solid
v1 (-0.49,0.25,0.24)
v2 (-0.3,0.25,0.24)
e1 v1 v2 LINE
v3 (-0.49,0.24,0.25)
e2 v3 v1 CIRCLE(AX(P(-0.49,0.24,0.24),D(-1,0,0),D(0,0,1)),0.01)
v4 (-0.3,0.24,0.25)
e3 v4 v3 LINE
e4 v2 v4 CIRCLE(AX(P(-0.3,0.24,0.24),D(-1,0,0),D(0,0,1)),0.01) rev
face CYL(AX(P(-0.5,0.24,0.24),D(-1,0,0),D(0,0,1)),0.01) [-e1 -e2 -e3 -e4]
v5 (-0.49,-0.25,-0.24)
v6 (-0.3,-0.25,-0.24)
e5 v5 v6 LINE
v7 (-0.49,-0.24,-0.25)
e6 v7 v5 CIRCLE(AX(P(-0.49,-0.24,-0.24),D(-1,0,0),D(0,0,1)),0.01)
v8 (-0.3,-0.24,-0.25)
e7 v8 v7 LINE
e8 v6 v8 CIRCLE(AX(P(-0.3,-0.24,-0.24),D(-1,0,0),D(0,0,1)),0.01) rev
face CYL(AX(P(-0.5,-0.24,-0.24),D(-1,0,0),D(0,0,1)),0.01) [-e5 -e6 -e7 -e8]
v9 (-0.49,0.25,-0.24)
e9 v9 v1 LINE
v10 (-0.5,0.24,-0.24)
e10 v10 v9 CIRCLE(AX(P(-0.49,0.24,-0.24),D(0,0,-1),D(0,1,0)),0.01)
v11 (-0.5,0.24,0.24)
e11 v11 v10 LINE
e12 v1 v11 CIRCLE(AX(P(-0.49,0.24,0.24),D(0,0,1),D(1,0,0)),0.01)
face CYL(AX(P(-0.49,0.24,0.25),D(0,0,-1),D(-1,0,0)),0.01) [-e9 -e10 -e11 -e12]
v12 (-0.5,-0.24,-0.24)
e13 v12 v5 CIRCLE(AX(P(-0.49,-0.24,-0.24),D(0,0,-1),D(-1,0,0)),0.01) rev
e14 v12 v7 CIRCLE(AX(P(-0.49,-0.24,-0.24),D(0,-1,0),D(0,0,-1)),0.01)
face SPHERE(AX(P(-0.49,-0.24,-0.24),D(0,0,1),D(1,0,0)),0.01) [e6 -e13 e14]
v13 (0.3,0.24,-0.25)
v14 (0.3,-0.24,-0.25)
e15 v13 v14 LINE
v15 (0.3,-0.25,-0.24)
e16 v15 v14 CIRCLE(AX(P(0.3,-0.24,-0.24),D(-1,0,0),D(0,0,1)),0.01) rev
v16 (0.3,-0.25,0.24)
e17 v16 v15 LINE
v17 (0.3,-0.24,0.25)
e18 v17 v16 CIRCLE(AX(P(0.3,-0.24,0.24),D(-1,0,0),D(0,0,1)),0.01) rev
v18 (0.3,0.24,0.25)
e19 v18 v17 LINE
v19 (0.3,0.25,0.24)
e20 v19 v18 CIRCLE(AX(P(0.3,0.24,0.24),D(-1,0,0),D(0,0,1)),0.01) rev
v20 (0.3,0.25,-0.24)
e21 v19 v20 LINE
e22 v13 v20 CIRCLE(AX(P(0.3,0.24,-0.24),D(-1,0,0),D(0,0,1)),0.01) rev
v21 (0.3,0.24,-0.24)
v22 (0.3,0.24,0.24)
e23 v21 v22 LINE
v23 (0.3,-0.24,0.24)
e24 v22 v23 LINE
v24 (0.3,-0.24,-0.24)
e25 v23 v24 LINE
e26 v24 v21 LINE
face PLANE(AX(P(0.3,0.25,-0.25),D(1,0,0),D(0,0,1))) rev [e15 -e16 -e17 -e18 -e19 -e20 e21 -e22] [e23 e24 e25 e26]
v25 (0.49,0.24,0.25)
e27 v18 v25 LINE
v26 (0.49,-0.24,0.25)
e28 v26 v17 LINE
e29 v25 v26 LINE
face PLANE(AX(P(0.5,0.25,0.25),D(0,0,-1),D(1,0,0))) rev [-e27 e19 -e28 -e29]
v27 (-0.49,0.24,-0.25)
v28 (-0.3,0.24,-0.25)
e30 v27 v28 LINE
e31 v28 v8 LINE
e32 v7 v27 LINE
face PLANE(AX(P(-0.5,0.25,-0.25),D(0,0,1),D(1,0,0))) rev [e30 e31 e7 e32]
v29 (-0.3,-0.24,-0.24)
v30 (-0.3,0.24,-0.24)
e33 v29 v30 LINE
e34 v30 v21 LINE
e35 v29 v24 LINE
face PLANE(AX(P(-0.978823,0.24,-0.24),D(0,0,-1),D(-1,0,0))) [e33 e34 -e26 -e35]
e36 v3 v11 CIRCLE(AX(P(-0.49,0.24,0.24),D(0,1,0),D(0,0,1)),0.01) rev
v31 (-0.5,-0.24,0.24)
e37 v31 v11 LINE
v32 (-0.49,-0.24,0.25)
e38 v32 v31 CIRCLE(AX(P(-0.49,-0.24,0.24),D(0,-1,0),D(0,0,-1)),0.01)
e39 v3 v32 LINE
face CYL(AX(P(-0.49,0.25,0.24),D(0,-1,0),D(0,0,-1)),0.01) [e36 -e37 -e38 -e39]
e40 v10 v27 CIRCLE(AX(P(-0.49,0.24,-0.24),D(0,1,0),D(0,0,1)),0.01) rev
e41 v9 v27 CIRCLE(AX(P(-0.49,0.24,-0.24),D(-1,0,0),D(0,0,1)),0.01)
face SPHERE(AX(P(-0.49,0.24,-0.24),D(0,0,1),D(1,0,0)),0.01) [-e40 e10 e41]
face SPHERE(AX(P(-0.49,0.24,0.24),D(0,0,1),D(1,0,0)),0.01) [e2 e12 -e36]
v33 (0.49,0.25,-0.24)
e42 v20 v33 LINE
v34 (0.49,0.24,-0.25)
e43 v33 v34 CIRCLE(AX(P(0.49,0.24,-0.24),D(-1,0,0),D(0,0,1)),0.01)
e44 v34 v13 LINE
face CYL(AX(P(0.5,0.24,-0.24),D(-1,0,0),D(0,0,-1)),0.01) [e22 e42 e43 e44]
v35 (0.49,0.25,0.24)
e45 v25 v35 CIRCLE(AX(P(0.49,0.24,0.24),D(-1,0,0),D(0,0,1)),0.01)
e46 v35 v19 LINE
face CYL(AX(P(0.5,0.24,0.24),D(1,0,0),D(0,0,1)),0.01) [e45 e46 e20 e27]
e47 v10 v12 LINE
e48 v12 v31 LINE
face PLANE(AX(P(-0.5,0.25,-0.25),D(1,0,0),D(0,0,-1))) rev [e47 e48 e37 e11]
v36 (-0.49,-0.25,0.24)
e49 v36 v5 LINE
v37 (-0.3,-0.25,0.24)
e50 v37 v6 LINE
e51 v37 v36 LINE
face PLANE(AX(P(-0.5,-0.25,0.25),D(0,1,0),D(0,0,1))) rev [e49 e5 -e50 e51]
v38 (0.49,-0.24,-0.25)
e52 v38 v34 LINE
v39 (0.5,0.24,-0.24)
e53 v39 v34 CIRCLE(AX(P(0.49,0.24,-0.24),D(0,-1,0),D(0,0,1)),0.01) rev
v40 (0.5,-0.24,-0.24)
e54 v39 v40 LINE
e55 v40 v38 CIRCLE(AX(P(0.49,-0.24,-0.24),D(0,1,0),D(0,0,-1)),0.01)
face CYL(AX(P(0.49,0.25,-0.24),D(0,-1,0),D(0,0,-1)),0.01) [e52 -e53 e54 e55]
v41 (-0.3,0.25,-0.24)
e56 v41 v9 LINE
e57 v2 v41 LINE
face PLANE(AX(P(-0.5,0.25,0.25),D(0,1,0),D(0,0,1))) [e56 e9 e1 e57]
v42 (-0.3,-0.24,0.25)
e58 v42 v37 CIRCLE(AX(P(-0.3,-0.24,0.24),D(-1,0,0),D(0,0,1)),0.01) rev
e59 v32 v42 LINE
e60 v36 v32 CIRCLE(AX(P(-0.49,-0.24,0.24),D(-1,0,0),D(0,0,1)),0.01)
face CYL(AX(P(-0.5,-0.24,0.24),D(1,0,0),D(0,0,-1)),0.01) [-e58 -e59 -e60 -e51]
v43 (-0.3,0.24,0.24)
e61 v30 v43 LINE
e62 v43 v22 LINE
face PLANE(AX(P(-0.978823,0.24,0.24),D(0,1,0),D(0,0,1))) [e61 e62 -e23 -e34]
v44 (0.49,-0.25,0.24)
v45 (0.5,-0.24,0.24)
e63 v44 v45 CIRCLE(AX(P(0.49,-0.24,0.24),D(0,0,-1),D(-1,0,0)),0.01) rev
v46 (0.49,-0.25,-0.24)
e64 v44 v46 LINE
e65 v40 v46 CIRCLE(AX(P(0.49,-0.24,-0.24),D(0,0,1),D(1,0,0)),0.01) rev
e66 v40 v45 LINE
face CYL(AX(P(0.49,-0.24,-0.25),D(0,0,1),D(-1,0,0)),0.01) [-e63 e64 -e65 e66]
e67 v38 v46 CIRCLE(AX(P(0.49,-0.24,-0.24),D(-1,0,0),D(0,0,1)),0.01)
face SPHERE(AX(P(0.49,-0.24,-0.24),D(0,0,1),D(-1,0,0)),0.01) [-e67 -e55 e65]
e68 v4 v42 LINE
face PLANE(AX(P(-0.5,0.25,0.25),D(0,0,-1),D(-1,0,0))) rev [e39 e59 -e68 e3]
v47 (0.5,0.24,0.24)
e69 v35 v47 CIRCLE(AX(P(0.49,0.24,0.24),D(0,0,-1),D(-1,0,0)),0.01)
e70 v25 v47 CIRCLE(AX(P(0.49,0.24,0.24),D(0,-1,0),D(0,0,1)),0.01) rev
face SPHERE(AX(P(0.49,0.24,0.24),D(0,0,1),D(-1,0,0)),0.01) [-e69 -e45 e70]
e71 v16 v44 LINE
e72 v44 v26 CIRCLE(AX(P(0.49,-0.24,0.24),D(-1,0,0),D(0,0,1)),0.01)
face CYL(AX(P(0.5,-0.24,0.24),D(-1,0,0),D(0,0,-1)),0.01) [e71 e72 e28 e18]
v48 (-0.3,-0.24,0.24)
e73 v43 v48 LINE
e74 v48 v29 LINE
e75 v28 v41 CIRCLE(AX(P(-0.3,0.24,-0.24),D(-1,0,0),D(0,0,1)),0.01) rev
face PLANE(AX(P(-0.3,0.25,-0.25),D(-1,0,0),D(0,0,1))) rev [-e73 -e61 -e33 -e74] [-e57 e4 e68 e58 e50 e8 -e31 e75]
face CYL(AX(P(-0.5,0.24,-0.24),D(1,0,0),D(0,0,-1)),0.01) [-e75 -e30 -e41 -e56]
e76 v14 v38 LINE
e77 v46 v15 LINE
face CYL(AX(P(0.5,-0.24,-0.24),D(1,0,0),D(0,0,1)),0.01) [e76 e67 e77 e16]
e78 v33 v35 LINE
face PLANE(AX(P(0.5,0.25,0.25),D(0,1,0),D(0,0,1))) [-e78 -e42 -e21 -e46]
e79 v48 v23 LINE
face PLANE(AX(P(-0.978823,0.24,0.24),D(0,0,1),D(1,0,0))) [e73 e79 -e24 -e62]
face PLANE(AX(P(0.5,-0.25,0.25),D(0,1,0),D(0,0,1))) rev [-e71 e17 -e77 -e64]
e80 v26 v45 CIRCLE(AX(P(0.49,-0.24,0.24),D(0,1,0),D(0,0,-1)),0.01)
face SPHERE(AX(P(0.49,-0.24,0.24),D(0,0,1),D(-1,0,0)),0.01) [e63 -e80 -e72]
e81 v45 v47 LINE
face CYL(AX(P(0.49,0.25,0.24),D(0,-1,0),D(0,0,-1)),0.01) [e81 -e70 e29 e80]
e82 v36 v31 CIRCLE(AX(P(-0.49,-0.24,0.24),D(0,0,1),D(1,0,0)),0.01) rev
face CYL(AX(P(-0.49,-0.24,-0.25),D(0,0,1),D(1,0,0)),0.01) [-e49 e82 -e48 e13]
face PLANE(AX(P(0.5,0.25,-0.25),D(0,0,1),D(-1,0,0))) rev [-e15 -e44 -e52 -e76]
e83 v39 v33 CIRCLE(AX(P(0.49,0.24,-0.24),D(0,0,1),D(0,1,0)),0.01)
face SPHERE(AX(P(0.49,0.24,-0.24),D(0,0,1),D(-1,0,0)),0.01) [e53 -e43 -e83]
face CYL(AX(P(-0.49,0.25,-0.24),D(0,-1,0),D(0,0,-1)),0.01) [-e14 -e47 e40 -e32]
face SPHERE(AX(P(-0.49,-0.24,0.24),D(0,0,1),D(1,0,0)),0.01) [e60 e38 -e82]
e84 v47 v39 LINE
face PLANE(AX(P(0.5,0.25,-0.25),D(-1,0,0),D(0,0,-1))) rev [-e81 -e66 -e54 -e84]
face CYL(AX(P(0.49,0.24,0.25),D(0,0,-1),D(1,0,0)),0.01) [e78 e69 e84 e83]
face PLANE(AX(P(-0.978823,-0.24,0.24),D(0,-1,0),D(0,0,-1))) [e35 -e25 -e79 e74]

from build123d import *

# Parameters (mm, degrees)
SKETCH1_W            = 0.2
SKETCH1_H            = 0.5
THICKNESS_DEPTH      = 0.25
FILLET1_R            = 0.01
SKETCH2_W            = 0.48
SKETCH2_H            = 0.48
BOSS_EXTRUDE2_DEPTH  = 0.3
FILLET1_OF_MIRROR3_R = 0.01


with BuildPart() as part:
    # Sketch1 → THICKNESS (new body, symmetric)
    with BuildSketch(Plane(origin=(0, 0, 0), x_dir=(1, 0, 0), z_dir=(0, 1, 0))):
        with Locations((-0.4, 0)):
            Rectangle(SKETCH1_W, SKETCH1_H)
    thickness = extrude(amount=THICKNESS_DEPTH, both=True)

    # Fillet1
    fillet1_edges = [part.edges().sort_by_distance(p)[0] for p in [
        (-0.4, 0.25, -0.25),
        (-0.5, 0.25, 0),
        (-0.4, -0.25, -0.25),
        (-0.4, -0.25, 0.25),
        (-0.5, -0.25, 0),
        (-0.4, 0.25, 0.25),
        (-0.5, 0, -0.25),
        (-0.5, 0, 0.25),
    ]]
    fillet(fillet1_edges, radius=FILLET1_R)

    # Sketch2 → Boss-Extrude2 (add)
    with BuildSketch(Plane(origin=(0, 0, 0), x_dir=(0, 0, -1), z_dir=(1, 0, 0))):
        Rectangle(SKETCH2_W, SKETCH2_H)
    boss_extrude2 = extrude(amount=-BOSS_EXTRUDE2_DEPTH)

    # Mirror3: THICKNESS, Boss-Extrude2 across plane
    add(thickness.mirror(Plane(origin=(0, 0, 0), x_dir=(0, 0, 1), z_dir=(1, 0, 0))))
    add(boss_extrude2.mirror(Plane(origin=(0, 0, 0), x_dir=(0, 0, 1), z_dir=(1, 0, 0))))

    # Fillet1 of Mirror3
    fillet1_of_mirror3_edges = [part.edges().sort_by_distance(p)[0] for p in [
        (0.4, 0.25, -0.25),
        (0.5, 0.25, 0),
        (0.4, -0.25, -0.25),
        (0.4, -0.25, 0.25),
        (0.5, -0.25, 0),
        (0.4, 0.25, 0.25),
        (0.5, 0, -0.25),
        (0.5, 0, 0.25),
    ]]
    fillet(fillet1_of_mirror3_edges, radius=FILLET1_OF_MIRROR3_R)


solid = part.part
